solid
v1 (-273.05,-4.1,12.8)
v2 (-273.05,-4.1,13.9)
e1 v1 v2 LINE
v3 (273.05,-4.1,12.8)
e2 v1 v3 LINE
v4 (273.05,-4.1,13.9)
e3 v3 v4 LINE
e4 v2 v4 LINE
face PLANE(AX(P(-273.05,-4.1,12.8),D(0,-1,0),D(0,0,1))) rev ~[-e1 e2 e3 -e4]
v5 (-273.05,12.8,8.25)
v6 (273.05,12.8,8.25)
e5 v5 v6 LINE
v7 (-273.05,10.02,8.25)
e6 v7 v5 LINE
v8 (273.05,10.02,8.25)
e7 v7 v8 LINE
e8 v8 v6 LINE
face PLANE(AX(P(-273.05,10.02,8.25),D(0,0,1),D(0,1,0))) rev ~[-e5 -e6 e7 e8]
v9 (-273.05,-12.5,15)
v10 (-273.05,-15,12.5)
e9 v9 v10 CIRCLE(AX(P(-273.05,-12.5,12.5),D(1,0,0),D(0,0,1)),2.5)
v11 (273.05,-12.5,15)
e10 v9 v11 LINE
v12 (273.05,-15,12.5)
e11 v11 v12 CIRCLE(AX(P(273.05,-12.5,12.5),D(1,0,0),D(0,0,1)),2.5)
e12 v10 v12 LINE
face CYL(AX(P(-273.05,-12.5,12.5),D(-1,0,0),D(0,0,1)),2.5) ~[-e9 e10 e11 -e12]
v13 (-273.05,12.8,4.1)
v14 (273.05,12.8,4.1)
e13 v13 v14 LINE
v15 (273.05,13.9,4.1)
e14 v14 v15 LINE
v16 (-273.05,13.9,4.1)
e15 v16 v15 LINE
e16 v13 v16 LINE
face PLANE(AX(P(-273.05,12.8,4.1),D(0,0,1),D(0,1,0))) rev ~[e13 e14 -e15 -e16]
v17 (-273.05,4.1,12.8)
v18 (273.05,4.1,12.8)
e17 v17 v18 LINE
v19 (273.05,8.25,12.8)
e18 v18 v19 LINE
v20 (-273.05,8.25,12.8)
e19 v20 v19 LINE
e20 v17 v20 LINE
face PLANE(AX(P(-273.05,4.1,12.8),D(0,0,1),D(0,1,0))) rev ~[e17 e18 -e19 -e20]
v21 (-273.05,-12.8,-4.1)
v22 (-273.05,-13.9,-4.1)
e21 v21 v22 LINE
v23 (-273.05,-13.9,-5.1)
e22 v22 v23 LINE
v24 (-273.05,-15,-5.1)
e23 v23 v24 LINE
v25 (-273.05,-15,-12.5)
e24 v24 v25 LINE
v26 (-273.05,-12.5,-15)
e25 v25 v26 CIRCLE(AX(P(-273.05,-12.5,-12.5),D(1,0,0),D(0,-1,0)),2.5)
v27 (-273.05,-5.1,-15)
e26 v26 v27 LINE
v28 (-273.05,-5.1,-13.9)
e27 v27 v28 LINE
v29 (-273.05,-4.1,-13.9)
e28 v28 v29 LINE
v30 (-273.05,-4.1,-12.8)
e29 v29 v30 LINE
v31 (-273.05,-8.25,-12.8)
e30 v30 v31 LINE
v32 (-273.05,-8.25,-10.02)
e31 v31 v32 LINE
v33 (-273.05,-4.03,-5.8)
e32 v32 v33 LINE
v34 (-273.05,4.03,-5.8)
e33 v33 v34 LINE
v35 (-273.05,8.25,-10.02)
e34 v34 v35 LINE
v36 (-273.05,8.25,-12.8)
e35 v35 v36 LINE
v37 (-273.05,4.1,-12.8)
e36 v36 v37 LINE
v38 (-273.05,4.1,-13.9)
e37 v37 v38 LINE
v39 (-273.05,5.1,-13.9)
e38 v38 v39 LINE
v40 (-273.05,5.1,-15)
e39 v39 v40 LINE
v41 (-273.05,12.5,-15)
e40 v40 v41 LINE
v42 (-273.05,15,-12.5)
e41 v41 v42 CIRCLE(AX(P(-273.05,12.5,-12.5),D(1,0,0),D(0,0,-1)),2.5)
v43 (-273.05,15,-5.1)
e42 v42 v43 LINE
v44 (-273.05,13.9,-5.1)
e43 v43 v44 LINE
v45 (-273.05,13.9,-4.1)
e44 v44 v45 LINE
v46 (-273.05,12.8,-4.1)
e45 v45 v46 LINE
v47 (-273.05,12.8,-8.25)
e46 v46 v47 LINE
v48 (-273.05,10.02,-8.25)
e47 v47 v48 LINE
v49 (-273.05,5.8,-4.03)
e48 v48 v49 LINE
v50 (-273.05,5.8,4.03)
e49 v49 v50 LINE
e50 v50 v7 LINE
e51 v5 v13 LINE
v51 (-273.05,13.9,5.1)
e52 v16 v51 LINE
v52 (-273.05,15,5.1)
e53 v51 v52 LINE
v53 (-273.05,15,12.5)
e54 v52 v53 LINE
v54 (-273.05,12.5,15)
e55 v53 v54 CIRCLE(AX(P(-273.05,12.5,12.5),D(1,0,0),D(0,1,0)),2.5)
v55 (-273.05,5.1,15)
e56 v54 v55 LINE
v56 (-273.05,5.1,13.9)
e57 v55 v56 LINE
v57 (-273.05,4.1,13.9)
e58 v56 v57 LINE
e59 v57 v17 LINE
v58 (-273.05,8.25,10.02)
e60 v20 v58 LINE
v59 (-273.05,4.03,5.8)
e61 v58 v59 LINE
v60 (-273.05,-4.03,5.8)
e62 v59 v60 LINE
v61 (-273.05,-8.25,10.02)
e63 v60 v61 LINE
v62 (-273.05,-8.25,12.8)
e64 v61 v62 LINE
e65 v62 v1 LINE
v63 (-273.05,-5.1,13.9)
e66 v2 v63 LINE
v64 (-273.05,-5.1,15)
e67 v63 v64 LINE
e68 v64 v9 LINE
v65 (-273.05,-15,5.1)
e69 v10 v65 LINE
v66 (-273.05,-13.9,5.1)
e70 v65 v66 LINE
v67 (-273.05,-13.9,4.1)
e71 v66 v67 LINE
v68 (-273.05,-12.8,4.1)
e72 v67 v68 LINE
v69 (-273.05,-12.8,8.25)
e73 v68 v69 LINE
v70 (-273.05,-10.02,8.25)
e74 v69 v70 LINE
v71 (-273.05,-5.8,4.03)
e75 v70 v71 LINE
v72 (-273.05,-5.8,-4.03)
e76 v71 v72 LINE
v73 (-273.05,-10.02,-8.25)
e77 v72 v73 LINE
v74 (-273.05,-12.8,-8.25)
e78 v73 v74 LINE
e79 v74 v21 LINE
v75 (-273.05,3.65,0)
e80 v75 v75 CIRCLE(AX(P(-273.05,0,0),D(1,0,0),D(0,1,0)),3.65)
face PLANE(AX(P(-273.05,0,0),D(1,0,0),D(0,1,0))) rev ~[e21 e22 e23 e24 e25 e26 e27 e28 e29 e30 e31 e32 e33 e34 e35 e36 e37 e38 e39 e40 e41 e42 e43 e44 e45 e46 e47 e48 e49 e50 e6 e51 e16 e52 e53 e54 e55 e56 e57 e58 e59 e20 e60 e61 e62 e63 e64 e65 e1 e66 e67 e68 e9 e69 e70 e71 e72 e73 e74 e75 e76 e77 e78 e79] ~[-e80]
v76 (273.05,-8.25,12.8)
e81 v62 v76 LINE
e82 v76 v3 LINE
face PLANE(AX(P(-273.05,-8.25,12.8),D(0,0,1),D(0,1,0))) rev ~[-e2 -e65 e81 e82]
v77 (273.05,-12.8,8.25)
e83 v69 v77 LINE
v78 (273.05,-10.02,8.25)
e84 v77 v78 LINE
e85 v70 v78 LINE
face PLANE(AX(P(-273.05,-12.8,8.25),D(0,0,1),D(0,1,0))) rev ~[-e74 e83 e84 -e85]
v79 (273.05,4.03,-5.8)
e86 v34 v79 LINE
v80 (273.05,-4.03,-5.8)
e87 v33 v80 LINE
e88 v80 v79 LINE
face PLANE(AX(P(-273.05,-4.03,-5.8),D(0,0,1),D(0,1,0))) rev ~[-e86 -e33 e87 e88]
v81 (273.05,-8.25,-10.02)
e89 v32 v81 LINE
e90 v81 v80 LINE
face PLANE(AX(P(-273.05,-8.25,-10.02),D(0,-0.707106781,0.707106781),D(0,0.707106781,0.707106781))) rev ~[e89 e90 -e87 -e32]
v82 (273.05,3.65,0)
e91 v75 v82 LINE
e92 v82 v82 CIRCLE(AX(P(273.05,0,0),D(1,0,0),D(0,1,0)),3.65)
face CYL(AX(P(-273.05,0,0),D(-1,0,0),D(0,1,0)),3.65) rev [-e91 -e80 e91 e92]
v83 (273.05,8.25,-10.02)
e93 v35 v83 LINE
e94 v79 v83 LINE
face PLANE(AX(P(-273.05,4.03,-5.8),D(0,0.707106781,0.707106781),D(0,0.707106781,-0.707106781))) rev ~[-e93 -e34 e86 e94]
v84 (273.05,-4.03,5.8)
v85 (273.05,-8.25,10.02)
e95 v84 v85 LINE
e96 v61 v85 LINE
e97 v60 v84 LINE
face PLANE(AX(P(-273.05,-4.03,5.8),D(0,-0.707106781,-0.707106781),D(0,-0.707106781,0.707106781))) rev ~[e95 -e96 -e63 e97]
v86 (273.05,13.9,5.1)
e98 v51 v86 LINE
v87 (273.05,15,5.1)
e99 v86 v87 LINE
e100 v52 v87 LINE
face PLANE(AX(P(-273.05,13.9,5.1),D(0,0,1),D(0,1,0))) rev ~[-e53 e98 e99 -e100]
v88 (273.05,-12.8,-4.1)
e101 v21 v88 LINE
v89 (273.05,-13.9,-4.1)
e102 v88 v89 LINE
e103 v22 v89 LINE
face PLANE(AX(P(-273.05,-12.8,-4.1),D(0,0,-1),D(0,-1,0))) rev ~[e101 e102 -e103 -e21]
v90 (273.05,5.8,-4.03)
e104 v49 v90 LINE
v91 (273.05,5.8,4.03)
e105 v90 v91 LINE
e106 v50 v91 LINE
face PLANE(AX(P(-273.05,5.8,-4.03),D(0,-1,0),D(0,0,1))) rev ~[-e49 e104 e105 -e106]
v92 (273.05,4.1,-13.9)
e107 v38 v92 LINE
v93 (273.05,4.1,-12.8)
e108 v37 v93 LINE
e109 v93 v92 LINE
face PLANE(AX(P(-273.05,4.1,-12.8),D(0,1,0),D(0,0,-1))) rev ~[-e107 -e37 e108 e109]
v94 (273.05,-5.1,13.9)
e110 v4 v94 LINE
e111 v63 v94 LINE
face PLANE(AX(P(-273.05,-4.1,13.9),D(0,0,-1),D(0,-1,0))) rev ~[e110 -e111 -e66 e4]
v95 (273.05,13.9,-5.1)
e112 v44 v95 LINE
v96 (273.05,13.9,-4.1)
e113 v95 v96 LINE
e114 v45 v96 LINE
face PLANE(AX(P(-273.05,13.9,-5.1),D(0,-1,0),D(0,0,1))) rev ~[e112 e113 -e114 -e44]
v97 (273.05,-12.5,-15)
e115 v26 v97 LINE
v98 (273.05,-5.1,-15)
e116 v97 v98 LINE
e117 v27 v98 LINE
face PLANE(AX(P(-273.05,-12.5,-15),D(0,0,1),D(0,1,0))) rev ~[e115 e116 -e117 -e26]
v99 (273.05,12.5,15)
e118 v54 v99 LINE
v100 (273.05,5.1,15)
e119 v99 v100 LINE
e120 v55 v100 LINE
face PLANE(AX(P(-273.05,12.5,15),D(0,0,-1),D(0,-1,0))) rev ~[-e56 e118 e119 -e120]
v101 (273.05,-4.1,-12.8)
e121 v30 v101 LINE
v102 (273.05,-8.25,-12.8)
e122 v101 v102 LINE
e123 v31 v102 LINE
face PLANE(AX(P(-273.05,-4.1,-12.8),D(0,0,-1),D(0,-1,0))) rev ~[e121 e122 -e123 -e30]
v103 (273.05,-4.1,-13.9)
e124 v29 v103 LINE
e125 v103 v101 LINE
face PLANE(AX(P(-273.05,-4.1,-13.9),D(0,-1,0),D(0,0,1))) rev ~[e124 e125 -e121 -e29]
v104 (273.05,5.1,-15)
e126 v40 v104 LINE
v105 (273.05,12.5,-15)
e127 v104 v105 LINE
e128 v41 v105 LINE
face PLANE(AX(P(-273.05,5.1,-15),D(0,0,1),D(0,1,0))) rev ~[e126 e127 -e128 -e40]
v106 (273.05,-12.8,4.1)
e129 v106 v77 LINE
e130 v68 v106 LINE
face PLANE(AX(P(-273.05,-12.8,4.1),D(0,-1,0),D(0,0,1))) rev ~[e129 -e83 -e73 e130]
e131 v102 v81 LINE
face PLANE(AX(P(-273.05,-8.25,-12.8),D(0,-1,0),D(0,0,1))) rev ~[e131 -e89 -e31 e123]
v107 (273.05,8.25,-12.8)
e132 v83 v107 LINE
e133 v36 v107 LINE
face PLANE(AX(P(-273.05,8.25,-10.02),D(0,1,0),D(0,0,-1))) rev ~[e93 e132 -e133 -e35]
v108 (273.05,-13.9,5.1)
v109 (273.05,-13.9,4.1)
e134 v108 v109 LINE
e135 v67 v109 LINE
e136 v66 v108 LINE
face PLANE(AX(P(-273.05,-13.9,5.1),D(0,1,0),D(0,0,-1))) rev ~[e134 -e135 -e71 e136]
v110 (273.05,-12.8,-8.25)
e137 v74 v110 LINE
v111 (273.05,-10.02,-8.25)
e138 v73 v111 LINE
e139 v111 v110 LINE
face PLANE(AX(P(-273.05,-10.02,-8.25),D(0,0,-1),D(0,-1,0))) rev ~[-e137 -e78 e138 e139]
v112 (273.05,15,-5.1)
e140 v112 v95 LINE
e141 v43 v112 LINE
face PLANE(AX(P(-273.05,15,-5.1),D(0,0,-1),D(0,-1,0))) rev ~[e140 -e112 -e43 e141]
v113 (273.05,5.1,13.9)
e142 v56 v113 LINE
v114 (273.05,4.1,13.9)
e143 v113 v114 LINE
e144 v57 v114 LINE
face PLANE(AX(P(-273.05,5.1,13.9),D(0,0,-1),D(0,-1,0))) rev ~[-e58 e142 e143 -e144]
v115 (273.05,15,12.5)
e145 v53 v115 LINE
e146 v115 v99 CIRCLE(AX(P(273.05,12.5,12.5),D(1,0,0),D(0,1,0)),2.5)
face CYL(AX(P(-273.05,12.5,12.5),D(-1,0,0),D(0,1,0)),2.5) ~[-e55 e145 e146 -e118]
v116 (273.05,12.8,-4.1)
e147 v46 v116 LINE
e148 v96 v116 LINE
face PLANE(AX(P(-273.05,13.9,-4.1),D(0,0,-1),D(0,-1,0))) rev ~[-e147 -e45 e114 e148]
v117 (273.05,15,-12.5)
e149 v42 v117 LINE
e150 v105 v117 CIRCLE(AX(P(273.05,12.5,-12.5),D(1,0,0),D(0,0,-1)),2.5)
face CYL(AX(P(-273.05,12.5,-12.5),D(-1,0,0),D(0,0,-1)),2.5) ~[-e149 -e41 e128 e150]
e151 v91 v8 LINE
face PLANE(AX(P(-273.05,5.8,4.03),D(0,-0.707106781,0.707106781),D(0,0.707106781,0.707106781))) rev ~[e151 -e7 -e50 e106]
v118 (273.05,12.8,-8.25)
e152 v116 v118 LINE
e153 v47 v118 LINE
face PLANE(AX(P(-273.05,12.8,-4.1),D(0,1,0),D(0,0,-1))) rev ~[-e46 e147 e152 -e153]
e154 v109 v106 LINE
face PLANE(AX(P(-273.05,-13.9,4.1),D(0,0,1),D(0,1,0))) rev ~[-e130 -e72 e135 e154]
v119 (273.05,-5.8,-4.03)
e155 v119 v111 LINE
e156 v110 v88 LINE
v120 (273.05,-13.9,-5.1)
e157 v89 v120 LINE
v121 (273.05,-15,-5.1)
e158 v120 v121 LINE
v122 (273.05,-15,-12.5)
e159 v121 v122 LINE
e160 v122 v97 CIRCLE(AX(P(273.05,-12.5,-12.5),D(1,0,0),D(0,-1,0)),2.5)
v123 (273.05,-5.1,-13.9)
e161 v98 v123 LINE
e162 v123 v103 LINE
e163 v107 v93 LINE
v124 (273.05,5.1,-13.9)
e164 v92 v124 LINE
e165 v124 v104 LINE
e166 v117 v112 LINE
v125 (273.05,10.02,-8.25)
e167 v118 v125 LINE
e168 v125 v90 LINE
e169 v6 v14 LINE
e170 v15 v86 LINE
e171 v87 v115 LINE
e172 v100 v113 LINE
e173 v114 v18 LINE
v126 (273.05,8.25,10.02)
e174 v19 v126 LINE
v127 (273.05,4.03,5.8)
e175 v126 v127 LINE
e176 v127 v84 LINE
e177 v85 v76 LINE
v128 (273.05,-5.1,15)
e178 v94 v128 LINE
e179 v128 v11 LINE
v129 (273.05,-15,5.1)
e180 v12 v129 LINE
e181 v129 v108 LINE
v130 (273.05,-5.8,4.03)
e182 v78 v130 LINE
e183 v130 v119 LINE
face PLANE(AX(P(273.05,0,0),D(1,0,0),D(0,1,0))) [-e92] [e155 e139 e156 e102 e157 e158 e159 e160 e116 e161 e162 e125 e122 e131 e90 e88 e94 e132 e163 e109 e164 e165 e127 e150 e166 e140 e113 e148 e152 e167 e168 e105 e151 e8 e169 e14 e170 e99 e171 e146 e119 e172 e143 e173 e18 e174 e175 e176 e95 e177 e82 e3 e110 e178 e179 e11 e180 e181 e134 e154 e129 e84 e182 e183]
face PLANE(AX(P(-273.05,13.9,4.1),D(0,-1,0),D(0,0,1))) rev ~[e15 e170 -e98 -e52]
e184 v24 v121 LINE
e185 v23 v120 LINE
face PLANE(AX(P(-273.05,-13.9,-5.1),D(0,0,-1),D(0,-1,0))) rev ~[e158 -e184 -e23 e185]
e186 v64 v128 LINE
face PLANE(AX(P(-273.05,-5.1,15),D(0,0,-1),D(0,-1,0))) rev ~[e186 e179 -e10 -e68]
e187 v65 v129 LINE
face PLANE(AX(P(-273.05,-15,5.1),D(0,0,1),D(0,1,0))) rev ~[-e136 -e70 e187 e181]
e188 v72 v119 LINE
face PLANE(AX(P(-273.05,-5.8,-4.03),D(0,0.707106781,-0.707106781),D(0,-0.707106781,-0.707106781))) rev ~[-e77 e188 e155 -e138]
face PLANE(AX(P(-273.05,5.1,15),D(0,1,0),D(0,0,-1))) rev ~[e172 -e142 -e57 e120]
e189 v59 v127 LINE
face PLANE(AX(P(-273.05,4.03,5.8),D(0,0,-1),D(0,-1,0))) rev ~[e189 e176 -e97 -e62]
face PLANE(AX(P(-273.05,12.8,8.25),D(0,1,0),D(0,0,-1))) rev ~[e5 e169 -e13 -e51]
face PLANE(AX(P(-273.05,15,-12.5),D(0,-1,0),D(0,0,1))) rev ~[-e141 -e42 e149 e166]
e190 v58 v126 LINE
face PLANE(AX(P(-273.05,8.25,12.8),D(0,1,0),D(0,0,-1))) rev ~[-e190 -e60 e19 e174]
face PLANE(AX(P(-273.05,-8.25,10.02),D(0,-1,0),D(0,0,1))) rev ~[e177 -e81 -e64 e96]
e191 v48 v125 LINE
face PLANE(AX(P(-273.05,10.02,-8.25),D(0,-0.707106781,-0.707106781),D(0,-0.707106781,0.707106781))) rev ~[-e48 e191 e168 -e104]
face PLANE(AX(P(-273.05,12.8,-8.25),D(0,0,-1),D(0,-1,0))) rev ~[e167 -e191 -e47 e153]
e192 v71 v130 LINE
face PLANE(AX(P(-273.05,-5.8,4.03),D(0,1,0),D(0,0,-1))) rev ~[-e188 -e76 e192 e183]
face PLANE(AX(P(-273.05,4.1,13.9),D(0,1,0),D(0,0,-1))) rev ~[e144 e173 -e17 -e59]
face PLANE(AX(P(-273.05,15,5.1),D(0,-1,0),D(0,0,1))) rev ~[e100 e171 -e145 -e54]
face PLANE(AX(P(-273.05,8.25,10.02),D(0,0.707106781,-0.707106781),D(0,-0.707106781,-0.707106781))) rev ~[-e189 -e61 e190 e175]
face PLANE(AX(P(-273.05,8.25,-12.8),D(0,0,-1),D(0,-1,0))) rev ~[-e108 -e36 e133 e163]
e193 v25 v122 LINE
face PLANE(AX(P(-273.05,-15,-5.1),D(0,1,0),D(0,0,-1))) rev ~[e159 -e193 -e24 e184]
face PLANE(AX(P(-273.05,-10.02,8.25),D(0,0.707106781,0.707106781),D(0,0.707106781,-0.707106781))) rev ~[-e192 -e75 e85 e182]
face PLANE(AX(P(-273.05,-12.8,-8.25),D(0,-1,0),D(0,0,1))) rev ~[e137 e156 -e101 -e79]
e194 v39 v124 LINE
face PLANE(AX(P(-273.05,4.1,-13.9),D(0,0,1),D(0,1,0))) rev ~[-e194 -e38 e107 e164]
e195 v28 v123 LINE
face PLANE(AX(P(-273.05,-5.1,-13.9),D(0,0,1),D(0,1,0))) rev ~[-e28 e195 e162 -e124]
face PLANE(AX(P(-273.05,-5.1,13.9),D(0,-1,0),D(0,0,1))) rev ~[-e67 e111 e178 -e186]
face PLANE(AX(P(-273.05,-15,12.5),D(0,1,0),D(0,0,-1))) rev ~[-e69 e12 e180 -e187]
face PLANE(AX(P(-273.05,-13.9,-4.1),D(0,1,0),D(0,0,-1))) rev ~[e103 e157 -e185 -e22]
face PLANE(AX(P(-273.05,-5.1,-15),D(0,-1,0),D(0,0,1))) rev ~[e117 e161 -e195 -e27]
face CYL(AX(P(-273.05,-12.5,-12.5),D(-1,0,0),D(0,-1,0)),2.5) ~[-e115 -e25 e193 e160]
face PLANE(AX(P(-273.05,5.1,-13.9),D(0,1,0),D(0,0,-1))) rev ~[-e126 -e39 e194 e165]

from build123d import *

# Parameters (mm, degrees)
SKETCH11_R                          = 3.65
BOSCHREXROTH_BOSCH_30X30_V2_1_DEPTH = 546.1


with BuildPart() as part:
    # Sketch11 → Boschrexroth BOSCH_30X30_V2(1) (new body)
    with BuildSketch(Plane.YZ.offset(-273.05)):
        with BuildLine():
            Line((0, 5.8), (-4.03, 5.8))
            Line((-4.03, 5.8), (-8.25, 10.02))
            Line((-8.25, 10.02), (-8.25, 12.8))
            Line((-8.25, 12.8), (-4.1, 12.8))
            Line((-4.1, 12.8), (-4.1, 13.9))
            Line((-4.1, 13.9), (-5.1, 13.9))
            Line((-5.1, 13.9), (-5.1, 15))
            Line((-5.1, 15), (-12.5, 15))
            ThreePointArc((-12.5, 15), (-14.267766953, 14.267766953), (-15, 12.5))
            Line((-15, 12.5), (-15, 5.1))
            Line((-15, 5.1), (-13.9, 5.1))
            Line((-13.9, 5.1), (-13.9, 4.1))
            Line((-13.9, 4.1), (-12.8, 4.1))
            Line((-12.8, 4.1), (-12.8, 8.25))
            Line((-12.8, 8.25), (-10.02, 8.25))
            Line((-10.02, 8.25), (-5.8, 4.03))
            Line((-5.8, 4.03), (-5.8, 0))
            Line((-5.8, 0), (-5.8, -4.03))
            Line((-5.8, -4.03), (-10.02, -8.25))
            Line((-10.02, -8.25), (-12.8, -8.25))
            Line((-12.8, -8.25), (-12.8, -4.1))
            Line((-12.8, -4.1), (-13.9, -4.1))
            Line((-13.9, -4.1), (-13.9, -5.1))
            Line((-13.9, -5.1), (-15, -5.1))
            Line((-15, -5.1), (-15, -12.5))
            ThreePointArc((-15, -12.5), (-14.267766953, -14.267766953), (-12.5, -15))
            Line((-12.5, -15), (-5.1, -15))
            Line((-5.1, -15), (-5.1, -13.9))
            Line((-5.1, -13.9), (-4.1, -13.9))
            Line((-4.1, -13.9), (-4.1, -12.8))
            Line((-4.1, -12.8), (-8.25, -12.8))
            Line((-8.25, -12.8), (-8.25, -10.02))
            Line((-8.25, -10.02), (-4.03, -5.8))
            Line((-4.03, -5.8), (4.03, -5.8))
            Line((4.03, -5.8), (8.25, -10.02))
            Line((8.25, -10.02), (8.25, -12.8))
            Line((8.25, -12.8), (4.1, -12.8))
            Line((4.1, -12.8), (4.1, -13.9))
            Line((4.1, -13.9), (5.1, -13.9))
            Line((5.1, -13.9), (5.1, -15))
            Line((5.1, -15), (12.5, -15))
            ThreePointArc((12.5, -15), (14.267766953, -14.267766953), (15, -12.5))
            Line((15, -12.5), (15, -5.1))
            Line((15, -5.1), (13.9, -5.1))
            Line((13.9, -5.1), (13.9, -4.1))
            Line((13.9, -4.1), (12.8, -4.1))
            Line((12.8, -4.1), (12.8, -8.25))
            Line((12.8, -8.25), (10.02, -8.25))
            Line((10.02, -8.25), (5.8, -4.03))
            Line((5.8, -4.03), (5.8, 0))
            Line((5.8, 0), (5.8, 4.03))
            Line((5.8, 4.03), (10.02, 8.25))
            Line((10.02, 8.25), (12.8, 8.25))
            Line((12.8, 8.25), (12.8, 4.1))
            Line((12.8, 4.1), (13.9, 4.1))
            Line((13.9, 4.1), (13.9, 5.1))
            Line((13.9, 5.1), (15, 5.1))
            Line((15, 5.1), (15, 12.5))
            ThreePointArc((15, 12.5), (14.267766953, 14.267766953), (12.5, 15))
            Line((12.5, 15), (5.1, 15))
            Line((5.1, 15), (5.1, 13.9))
            Line((5.1, 13.9), (4.1, 13.9))
            Line((4.1, 13.9), (4.1, 12.8))
            Line((4.1, 12.8), (8.25, 12.8))
            Line((8.25, 12.8), (8.25, 10.02))
            Line((8.25, 10.02), (4.03, 5.8))
            Line((4.03, 5.8), (0, 5.8))
        make_face()
        Circle(SKETCH11_R, mode=Mode.SUBTRACT)
    extrude(amount=BOSCHREXROTH_BOSCH_30X30_V2_1_DEPTH)


solid = part.part
